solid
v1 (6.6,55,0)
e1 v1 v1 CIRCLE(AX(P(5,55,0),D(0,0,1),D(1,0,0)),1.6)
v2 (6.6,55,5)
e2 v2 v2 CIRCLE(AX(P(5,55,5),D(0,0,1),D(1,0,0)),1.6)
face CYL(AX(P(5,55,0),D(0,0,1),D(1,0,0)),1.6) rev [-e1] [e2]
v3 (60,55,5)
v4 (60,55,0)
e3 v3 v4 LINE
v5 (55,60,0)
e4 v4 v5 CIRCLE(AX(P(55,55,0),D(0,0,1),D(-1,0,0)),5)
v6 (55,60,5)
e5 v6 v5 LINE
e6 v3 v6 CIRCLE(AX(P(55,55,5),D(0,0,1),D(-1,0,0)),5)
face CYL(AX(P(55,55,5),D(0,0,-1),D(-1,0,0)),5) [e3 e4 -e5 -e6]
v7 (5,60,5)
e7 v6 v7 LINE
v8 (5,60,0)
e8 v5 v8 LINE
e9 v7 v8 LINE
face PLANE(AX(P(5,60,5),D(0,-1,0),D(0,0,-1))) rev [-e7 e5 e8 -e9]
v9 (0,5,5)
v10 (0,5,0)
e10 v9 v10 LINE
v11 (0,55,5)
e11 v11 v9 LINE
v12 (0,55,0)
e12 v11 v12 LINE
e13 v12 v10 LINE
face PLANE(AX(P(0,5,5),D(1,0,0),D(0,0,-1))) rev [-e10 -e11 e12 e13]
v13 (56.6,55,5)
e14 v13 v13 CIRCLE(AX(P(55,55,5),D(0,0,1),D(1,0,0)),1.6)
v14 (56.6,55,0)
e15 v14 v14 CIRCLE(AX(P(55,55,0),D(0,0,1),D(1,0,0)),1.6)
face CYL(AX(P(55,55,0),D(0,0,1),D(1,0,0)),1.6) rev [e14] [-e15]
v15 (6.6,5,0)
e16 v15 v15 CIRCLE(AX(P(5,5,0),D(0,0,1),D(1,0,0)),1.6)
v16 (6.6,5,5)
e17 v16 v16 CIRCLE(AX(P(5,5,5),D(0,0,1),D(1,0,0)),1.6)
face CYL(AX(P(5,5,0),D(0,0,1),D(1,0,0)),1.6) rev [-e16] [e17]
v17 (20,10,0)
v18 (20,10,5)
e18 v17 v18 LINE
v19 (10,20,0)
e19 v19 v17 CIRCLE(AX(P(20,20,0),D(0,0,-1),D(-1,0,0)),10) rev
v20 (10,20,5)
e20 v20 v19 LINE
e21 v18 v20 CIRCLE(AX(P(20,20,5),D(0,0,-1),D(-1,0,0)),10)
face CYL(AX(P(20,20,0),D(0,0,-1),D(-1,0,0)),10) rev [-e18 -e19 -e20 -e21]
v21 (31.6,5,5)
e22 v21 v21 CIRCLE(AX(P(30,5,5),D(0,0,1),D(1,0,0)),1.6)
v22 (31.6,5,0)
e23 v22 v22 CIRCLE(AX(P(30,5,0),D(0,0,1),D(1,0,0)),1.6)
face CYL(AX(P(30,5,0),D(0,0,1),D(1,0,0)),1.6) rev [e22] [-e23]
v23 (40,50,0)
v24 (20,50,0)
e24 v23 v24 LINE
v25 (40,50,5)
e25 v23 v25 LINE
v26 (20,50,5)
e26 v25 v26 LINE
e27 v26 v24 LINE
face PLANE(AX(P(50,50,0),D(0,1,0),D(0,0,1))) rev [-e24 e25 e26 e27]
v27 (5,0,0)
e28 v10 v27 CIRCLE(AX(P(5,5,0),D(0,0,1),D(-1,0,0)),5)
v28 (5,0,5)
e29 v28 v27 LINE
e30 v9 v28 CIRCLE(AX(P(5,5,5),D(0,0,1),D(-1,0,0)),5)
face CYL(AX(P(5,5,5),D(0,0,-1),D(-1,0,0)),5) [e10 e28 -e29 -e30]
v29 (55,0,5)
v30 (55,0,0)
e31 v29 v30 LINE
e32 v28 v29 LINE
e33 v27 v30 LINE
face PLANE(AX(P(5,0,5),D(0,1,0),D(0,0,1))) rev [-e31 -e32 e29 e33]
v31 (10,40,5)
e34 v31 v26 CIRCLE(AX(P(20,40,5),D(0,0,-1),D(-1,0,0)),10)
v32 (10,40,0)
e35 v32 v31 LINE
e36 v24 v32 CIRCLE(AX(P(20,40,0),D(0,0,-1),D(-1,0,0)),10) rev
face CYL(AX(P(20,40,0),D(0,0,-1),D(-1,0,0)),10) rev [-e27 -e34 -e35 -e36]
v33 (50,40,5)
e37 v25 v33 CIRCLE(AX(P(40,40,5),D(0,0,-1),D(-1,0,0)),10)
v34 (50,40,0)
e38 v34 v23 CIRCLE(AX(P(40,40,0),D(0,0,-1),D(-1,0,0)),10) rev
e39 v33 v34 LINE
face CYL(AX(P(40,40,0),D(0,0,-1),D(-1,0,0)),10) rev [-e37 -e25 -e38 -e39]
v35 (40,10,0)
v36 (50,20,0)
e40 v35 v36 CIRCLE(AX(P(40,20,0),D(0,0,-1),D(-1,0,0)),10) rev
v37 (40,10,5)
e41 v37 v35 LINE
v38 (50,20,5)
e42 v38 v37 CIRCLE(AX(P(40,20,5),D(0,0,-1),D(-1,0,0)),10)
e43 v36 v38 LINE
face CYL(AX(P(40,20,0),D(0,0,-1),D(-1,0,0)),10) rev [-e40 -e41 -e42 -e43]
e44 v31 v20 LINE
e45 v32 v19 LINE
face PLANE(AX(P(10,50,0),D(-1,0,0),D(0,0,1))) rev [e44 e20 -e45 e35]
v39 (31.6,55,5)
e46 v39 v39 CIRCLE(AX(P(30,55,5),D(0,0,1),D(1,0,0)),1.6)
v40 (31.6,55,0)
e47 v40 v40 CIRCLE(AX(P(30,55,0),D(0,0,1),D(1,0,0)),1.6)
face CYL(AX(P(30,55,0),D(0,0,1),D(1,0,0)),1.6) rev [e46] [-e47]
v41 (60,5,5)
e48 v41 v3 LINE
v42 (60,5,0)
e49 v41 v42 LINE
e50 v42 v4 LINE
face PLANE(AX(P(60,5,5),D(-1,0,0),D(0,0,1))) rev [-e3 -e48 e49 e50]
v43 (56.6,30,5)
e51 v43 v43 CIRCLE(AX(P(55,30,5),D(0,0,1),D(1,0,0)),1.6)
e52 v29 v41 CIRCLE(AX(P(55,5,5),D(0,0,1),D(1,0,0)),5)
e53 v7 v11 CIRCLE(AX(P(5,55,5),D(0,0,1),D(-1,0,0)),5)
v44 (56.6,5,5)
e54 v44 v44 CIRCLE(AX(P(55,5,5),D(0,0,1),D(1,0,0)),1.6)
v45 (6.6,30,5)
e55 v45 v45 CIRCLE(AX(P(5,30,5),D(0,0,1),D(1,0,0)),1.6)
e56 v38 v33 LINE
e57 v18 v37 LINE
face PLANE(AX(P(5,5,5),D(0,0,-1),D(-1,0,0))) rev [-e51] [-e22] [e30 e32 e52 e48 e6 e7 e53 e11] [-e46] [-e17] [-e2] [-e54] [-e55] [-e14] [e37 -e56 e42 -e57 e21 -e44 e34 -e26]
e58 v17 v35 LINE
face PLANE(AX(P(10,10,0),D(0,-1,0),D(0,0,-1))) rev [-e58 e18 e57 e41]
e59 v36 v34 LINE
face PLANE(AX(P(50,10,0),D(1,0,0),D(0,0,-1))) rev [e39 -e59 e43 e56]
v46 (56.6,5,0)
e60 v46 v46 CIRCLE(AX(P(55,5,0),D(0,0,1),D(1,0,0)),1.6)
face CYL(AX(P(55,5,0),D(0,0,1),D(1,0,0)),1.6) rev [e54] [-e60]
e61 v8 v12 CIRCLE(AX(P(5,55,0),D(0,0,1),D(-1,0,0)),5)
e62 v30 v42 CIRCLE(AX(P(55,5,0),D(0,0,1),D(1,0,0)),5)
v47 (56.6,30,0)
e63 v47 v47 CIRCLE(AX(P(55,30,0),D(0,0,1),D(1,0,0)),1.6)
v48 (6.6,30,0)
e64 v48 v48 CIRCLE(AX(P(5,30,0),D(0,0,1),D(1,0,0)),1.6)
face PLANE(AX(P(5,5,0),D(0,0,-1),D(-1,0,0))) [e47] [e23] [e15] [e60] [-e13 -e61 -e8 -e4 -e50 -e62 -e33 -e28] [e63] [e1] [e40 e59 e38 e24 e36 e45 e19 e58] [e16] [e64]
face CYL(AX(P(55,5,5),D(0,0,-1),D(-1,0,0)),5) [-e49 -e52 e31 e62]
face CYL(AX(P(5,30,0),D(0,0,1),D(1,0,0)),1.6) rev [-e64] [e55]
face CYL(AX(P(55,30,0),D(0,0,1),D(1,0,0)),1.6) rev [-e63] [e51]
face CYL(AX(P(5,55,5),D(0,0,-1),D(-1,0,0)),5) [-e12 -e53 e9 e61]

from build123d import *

# Parameters (mm, degrees)
EXTRUDE_1_DEPTH     = 5
SKETCH_2_R          = 1.6
SKETCH_2_W          = 40
SKETCH_2_H          = 40
CUT_EXTRUDE_1_DEPTH = 86
FILLET_1_R          = 10


with BuildPart() as part:
    # 草图1 → 凸台-拉伸1 (new body)
    with BuildSketch(Plane.XY):
        with BuildLine():
            Line((5, 0), (55, 0))
            ThreePointArc((55, 0), (58.535533906, 1.464466094), (60, 5))
            Line((60, 5), (60, 55))
            ThreePointArc((60, 55), (58.535533906, 58.535533906), (55, 60))
            Line((55, 60), (5, 60))
            ThreePointArc((5, 60), (1.464466094, 58.535533906), (0, 55))
            Line((0, 55), (0, 5))
            ThreePointArc((0, 5), (1.464466094, 1.464466094), (5, 0))
        make_face()
    extrude(amount=EXTRUDE_1_DEPTH)

    # 草图2 → 切除-拉伸1 (cut, through all)
    with BuildSketch(Plane.XY.offset(5)):
        with Locations((5, 55)):
            Circle(SKETCH_2_R)
        with Locations((30, 55)):
            Circle(SKETCH_2_R)
        with Locations((55, 55)):
            Circle(SKETCH_2_R)
        with Locations((55, 30)):
            Circle(SKETCH_2_R)
        with Locations((30, 5)):
            Circle(SKETCH_2_R)
        with Locations((55, 5)):
            Circle(SKETCH_2_R)
        with Locations((5, 30)):
            Circle(SKETCH_2_R)
        with Locations((5, 5)):
            Circle(SKETCH_2_R)
        with Locations((30, 30)):
            Rectangle(SKETCH_2_W, SKETCH_2_H)
    extrude(amount=-CUT_EXTRUDE_1_DEPTH, mode=Mode.SUBTRACT)

    # 圆角1
    fillet_1_edges = [part.edges().sort_by_distance(p)[0] for p in [
        (10, 10, 2.5),
        (10, 50, 2.5),
        (50, 50, 2.5),
        (50, 10, 2.5),
    ]]
    fillet(fillet_1_edges, radius=FILLET_1_R)


solid = part.part
